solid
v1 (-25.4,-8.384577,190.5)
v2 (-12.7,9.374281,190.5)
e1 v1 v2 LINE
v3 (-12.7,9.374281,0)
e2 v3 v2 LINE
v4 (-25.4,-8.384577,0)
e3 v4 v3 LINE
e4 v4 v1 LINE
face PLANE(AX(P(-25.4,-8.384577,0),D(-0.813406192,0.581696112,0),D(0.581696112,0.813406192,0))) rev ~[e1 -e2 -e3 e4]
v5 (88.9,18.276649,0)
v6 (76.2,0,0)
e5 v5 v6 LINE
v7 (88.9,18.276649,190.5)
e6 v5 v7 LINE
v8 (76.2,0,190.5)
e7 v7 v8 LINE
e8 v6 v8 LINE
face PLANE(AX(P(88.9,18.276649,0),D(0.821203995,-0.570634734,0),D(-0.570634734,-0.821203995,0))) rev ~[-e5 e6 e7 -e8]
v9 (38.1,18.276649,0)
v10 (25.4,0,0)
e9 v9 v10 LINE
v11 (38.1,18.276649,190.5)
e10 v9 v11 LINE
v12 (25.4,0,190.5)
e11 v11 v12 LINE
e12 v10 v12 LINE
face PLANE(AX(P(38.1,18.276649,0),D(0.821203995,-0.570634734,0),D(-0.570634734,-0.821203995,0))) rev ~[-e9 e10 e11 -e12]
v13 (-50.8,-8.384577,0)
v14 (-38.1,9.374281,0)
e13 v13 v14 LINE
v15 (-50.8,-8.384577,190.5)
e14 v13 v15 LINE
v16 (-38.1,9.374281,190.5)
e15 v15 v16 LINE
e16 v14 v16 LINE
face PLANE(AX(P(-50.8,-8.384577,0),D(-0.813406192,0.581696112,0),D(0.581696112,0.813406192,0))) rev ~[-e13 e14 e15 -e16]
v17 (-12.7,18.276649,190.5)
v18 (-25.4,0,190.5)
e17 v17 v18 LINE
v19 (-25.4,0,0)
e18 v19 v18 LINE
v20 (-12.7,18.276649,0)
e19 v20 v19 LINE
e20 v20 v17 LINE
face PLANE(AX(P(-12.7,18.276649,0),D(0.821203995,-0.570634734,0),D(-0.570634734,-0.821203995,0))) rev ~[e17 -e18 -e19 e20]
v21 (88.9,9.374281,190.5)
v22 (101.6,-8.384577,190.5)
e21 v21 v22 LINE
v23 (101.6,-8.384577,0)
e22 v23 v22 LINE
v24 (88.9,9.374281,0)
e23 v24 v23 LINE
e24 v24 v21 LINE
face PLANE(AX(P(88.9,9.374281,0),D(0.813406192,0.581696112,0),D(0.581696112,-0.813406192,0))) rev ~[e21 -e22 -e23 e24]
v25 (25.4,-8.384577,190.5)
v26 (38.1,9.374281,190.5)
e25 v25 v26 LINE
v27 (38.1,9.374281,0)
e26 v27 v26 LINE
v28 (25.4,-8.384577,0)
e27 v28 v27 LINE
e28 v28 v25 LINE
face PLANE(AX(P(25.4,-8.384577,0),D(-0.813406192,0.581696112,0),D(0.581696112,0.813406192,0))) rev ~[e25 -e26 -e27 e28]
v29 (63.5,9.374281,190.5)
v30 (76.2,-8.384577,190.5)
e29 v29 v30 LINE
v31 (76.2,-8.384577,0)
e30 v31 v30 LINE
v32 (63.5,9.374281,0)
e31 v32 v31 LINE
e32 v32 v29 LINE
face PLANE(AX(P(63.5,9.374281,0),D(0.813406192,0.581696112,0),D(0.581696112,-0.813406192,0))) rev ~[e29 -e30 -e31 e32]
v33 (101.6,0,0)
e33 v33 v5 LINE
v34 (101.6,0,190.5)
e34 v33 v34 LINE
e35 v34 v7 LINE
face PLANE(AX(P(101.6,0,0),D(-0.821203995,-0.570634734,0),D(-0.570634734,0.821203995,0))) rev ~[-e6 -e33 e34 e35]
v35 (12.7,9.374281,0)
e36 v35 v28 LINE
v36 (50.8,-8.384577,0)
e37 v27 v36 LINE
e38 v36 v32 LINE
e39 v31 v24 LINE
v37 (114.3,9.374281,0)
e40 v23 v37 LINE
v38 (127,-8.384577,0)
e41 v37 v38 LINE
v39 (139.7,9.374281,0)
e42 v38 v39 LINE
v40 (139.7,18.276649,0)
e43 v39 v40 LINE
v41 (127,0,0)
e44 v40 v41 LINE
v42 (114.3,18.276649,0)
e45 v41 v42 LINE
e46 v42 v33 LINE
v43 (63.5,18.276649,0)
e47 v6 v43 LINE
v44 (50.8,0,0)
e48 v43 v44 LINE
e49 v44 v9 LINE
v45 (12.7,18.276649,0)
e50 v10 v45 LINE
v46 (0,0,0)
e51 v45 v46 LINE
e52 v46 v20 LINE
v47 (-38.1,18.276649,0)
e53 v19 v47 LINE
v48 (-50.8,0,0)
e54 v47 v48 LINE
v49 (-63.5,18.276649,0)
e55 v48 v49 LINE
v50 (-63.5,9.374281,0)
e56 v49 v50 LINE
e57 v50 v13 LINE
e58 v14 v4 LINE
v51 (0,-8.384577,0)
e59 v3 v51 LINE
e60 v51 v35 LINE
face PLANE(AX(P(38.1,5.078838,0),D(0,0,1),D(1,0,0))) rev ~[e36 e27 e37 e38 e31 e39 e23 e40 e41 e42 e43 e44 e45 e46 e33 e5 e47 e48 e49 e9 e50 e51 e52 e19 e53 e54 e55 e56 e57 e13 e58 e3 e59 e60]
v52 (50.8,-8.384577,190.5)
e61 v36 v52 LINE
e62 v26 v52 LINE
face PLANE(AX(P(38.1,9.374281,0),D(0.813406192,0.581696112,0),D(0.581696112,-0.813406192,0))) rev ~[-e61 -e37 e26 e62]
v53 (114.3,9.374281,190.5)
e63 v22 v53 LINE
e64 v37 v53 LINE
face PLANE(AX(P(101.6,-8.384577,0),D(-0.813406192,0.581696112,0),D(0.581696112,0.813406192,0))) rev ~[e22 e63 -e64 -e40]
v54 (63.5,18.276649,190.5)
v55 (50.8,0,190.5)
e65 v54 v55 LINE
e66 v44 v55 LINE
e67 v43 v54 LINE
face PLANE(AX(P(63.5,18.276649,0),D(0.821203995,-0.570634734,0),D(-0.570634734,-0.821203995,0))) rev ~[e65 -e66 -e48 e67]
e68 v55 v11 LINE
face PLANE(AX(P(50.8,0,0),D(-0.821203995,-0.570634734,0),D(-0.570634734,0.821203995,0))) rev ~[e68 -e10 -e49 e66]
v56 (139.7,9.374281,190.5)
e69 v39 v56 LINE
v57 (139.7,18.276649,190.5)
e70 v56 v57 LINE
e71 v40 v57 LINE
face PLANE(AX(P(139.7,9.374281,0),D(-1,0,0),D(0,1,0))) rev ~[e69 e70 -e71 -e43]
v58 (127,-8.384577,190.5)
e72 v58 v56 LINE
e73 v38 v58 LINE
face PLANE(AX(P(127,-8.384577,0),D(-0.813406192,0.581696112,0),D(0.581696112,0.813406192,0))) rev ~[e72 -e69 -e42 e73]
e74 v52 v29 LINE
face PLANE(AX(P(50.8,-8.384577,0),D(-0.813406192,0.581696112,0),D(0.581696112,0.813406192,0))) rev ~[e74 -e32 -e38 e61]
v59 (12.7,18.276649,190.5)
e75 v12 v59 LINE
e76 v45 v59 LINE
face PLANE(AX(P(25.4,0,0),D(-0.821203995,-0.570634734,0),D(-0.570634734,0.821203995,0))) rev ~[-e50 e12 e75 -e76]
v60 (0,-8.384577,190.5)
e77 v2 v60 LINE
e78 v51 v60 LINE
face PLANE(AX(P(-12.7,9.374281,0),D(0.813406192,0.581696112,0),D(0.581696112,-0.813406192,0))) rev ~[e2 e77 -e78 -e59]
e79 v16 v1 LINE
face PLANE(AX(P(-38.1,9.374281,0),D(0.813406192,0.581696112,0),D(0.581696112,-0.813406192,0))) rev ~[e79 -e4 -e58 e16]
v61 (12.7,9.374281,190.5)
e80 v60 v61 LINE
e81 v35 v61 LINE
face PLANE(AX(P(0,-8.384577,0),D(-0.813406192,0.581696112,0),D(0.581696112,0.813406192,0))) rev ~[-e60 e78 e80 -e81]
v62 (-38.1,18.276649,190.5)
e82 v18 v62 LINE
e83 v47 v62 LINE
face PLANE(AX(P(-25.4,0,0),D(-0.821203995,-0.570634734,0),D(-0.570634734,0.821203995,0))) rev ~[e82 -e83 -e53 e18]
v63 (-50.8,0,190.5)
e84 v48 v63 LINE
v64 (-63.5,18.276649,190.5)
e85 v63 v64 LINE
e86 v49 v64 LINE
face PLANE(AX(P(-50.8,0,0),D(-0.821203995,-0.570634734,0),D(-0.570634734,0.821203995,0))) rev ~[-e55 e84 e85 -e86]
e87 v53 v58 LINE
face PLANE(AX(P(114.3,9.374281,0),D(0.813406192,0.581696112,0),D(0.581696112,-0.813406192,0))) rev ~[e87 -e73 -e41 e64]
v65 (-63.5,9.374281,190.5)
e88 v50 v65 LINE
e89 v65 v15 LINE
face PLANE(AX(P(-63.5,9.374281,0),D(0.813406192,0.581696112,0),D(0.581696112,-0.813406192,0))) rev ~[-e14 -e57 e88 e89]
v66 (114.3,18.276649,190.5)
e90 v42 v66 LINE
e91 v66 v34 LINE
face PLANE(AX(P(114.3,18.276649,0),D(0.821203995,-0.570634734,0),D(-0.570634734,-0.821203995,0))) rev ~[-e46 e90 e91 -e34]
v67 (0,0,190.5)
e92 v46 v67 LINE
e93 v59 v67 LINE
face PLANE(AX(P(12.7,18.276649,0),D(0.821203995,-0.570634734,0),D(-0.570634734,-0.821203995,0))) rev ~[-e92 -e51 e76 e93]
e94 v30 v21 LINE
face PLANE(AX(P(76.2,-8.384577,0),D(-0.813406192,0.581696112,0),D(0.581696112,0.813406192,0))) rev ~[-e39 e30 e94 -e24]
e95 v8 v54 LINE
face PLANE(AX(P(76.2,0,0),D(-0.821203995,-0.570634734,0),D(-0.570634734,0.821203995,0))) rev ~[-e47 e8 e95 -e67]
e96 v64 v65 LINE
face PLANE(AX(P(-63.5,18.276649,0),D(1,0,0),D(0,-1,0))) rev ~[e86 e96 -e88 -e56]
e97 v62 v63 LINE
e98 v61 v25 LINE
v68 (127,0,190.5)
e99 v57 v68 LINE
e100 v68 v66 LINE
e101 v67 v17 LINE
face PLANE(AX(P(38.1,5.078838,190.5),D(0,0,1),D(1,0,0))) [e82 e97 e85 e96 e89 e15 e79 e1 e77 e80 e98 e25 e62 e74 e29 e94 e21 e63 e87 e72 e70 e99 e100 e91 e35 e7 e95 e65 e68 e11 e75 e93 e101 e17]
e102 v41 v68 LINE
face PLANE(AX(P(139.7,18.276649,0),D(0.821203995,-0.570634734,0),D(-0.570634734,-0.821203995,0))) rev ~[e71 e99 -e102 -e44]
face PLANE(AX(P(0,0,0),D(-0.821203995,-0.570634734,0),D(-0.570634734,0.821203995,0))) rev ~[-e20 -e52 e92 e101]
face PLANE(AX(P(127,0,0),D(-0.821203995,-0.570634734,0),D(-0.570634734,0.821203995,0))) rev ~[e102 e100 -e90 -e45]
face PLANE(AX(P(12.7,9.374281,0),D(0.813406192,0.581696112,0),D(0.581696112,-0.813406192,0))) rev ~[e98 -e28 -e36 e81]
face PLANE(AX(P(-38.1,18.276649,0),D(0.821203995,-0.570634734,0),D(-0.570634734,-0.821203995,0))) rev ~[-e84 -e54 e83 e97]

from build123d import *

# Parameters (mm, degrees)
F1_DEPTH = 190.5


with BuildPart() as f1:
    # F0 (on Top) → F1 (new body)
    with BuildSketch(Plane.XY):
        Polygon((-50.8, 0), (-63.5, 18.276649), (-63.5, 9.374281), (-50.8, -8.384577), (-38.1, 9.374281), (-25.4, -8.384577), (-12.7, 9.374281), (0, -8.384577), (12.7, 9.374281), (25.4, -8.384577), (38.1, 9.374281), (50.8, -8.384577), (63.5, 9.374281), (76.2, -8.384577), (88.9, 9.374281), (101.6, -8.384577), (114.3, 9.374281), (127, -8.384577), (139.7, 9.374281), (139.7, 18.276649), (127, 0), (114.3, 18.276649), (101.6, 0), (88.9, 18.276649), (76.2, 0), (63.5, 18.276649), (50.8, 0), (38.1, 18.276649), (25.4, 0), (12.7, 18.276649), (0, 0), (-12.7, 18.276649), (-25.4, 0), (-38.1, 18.276649), align=None)
    extrude(amount=F1_DEPTH)


solid = f1.part
